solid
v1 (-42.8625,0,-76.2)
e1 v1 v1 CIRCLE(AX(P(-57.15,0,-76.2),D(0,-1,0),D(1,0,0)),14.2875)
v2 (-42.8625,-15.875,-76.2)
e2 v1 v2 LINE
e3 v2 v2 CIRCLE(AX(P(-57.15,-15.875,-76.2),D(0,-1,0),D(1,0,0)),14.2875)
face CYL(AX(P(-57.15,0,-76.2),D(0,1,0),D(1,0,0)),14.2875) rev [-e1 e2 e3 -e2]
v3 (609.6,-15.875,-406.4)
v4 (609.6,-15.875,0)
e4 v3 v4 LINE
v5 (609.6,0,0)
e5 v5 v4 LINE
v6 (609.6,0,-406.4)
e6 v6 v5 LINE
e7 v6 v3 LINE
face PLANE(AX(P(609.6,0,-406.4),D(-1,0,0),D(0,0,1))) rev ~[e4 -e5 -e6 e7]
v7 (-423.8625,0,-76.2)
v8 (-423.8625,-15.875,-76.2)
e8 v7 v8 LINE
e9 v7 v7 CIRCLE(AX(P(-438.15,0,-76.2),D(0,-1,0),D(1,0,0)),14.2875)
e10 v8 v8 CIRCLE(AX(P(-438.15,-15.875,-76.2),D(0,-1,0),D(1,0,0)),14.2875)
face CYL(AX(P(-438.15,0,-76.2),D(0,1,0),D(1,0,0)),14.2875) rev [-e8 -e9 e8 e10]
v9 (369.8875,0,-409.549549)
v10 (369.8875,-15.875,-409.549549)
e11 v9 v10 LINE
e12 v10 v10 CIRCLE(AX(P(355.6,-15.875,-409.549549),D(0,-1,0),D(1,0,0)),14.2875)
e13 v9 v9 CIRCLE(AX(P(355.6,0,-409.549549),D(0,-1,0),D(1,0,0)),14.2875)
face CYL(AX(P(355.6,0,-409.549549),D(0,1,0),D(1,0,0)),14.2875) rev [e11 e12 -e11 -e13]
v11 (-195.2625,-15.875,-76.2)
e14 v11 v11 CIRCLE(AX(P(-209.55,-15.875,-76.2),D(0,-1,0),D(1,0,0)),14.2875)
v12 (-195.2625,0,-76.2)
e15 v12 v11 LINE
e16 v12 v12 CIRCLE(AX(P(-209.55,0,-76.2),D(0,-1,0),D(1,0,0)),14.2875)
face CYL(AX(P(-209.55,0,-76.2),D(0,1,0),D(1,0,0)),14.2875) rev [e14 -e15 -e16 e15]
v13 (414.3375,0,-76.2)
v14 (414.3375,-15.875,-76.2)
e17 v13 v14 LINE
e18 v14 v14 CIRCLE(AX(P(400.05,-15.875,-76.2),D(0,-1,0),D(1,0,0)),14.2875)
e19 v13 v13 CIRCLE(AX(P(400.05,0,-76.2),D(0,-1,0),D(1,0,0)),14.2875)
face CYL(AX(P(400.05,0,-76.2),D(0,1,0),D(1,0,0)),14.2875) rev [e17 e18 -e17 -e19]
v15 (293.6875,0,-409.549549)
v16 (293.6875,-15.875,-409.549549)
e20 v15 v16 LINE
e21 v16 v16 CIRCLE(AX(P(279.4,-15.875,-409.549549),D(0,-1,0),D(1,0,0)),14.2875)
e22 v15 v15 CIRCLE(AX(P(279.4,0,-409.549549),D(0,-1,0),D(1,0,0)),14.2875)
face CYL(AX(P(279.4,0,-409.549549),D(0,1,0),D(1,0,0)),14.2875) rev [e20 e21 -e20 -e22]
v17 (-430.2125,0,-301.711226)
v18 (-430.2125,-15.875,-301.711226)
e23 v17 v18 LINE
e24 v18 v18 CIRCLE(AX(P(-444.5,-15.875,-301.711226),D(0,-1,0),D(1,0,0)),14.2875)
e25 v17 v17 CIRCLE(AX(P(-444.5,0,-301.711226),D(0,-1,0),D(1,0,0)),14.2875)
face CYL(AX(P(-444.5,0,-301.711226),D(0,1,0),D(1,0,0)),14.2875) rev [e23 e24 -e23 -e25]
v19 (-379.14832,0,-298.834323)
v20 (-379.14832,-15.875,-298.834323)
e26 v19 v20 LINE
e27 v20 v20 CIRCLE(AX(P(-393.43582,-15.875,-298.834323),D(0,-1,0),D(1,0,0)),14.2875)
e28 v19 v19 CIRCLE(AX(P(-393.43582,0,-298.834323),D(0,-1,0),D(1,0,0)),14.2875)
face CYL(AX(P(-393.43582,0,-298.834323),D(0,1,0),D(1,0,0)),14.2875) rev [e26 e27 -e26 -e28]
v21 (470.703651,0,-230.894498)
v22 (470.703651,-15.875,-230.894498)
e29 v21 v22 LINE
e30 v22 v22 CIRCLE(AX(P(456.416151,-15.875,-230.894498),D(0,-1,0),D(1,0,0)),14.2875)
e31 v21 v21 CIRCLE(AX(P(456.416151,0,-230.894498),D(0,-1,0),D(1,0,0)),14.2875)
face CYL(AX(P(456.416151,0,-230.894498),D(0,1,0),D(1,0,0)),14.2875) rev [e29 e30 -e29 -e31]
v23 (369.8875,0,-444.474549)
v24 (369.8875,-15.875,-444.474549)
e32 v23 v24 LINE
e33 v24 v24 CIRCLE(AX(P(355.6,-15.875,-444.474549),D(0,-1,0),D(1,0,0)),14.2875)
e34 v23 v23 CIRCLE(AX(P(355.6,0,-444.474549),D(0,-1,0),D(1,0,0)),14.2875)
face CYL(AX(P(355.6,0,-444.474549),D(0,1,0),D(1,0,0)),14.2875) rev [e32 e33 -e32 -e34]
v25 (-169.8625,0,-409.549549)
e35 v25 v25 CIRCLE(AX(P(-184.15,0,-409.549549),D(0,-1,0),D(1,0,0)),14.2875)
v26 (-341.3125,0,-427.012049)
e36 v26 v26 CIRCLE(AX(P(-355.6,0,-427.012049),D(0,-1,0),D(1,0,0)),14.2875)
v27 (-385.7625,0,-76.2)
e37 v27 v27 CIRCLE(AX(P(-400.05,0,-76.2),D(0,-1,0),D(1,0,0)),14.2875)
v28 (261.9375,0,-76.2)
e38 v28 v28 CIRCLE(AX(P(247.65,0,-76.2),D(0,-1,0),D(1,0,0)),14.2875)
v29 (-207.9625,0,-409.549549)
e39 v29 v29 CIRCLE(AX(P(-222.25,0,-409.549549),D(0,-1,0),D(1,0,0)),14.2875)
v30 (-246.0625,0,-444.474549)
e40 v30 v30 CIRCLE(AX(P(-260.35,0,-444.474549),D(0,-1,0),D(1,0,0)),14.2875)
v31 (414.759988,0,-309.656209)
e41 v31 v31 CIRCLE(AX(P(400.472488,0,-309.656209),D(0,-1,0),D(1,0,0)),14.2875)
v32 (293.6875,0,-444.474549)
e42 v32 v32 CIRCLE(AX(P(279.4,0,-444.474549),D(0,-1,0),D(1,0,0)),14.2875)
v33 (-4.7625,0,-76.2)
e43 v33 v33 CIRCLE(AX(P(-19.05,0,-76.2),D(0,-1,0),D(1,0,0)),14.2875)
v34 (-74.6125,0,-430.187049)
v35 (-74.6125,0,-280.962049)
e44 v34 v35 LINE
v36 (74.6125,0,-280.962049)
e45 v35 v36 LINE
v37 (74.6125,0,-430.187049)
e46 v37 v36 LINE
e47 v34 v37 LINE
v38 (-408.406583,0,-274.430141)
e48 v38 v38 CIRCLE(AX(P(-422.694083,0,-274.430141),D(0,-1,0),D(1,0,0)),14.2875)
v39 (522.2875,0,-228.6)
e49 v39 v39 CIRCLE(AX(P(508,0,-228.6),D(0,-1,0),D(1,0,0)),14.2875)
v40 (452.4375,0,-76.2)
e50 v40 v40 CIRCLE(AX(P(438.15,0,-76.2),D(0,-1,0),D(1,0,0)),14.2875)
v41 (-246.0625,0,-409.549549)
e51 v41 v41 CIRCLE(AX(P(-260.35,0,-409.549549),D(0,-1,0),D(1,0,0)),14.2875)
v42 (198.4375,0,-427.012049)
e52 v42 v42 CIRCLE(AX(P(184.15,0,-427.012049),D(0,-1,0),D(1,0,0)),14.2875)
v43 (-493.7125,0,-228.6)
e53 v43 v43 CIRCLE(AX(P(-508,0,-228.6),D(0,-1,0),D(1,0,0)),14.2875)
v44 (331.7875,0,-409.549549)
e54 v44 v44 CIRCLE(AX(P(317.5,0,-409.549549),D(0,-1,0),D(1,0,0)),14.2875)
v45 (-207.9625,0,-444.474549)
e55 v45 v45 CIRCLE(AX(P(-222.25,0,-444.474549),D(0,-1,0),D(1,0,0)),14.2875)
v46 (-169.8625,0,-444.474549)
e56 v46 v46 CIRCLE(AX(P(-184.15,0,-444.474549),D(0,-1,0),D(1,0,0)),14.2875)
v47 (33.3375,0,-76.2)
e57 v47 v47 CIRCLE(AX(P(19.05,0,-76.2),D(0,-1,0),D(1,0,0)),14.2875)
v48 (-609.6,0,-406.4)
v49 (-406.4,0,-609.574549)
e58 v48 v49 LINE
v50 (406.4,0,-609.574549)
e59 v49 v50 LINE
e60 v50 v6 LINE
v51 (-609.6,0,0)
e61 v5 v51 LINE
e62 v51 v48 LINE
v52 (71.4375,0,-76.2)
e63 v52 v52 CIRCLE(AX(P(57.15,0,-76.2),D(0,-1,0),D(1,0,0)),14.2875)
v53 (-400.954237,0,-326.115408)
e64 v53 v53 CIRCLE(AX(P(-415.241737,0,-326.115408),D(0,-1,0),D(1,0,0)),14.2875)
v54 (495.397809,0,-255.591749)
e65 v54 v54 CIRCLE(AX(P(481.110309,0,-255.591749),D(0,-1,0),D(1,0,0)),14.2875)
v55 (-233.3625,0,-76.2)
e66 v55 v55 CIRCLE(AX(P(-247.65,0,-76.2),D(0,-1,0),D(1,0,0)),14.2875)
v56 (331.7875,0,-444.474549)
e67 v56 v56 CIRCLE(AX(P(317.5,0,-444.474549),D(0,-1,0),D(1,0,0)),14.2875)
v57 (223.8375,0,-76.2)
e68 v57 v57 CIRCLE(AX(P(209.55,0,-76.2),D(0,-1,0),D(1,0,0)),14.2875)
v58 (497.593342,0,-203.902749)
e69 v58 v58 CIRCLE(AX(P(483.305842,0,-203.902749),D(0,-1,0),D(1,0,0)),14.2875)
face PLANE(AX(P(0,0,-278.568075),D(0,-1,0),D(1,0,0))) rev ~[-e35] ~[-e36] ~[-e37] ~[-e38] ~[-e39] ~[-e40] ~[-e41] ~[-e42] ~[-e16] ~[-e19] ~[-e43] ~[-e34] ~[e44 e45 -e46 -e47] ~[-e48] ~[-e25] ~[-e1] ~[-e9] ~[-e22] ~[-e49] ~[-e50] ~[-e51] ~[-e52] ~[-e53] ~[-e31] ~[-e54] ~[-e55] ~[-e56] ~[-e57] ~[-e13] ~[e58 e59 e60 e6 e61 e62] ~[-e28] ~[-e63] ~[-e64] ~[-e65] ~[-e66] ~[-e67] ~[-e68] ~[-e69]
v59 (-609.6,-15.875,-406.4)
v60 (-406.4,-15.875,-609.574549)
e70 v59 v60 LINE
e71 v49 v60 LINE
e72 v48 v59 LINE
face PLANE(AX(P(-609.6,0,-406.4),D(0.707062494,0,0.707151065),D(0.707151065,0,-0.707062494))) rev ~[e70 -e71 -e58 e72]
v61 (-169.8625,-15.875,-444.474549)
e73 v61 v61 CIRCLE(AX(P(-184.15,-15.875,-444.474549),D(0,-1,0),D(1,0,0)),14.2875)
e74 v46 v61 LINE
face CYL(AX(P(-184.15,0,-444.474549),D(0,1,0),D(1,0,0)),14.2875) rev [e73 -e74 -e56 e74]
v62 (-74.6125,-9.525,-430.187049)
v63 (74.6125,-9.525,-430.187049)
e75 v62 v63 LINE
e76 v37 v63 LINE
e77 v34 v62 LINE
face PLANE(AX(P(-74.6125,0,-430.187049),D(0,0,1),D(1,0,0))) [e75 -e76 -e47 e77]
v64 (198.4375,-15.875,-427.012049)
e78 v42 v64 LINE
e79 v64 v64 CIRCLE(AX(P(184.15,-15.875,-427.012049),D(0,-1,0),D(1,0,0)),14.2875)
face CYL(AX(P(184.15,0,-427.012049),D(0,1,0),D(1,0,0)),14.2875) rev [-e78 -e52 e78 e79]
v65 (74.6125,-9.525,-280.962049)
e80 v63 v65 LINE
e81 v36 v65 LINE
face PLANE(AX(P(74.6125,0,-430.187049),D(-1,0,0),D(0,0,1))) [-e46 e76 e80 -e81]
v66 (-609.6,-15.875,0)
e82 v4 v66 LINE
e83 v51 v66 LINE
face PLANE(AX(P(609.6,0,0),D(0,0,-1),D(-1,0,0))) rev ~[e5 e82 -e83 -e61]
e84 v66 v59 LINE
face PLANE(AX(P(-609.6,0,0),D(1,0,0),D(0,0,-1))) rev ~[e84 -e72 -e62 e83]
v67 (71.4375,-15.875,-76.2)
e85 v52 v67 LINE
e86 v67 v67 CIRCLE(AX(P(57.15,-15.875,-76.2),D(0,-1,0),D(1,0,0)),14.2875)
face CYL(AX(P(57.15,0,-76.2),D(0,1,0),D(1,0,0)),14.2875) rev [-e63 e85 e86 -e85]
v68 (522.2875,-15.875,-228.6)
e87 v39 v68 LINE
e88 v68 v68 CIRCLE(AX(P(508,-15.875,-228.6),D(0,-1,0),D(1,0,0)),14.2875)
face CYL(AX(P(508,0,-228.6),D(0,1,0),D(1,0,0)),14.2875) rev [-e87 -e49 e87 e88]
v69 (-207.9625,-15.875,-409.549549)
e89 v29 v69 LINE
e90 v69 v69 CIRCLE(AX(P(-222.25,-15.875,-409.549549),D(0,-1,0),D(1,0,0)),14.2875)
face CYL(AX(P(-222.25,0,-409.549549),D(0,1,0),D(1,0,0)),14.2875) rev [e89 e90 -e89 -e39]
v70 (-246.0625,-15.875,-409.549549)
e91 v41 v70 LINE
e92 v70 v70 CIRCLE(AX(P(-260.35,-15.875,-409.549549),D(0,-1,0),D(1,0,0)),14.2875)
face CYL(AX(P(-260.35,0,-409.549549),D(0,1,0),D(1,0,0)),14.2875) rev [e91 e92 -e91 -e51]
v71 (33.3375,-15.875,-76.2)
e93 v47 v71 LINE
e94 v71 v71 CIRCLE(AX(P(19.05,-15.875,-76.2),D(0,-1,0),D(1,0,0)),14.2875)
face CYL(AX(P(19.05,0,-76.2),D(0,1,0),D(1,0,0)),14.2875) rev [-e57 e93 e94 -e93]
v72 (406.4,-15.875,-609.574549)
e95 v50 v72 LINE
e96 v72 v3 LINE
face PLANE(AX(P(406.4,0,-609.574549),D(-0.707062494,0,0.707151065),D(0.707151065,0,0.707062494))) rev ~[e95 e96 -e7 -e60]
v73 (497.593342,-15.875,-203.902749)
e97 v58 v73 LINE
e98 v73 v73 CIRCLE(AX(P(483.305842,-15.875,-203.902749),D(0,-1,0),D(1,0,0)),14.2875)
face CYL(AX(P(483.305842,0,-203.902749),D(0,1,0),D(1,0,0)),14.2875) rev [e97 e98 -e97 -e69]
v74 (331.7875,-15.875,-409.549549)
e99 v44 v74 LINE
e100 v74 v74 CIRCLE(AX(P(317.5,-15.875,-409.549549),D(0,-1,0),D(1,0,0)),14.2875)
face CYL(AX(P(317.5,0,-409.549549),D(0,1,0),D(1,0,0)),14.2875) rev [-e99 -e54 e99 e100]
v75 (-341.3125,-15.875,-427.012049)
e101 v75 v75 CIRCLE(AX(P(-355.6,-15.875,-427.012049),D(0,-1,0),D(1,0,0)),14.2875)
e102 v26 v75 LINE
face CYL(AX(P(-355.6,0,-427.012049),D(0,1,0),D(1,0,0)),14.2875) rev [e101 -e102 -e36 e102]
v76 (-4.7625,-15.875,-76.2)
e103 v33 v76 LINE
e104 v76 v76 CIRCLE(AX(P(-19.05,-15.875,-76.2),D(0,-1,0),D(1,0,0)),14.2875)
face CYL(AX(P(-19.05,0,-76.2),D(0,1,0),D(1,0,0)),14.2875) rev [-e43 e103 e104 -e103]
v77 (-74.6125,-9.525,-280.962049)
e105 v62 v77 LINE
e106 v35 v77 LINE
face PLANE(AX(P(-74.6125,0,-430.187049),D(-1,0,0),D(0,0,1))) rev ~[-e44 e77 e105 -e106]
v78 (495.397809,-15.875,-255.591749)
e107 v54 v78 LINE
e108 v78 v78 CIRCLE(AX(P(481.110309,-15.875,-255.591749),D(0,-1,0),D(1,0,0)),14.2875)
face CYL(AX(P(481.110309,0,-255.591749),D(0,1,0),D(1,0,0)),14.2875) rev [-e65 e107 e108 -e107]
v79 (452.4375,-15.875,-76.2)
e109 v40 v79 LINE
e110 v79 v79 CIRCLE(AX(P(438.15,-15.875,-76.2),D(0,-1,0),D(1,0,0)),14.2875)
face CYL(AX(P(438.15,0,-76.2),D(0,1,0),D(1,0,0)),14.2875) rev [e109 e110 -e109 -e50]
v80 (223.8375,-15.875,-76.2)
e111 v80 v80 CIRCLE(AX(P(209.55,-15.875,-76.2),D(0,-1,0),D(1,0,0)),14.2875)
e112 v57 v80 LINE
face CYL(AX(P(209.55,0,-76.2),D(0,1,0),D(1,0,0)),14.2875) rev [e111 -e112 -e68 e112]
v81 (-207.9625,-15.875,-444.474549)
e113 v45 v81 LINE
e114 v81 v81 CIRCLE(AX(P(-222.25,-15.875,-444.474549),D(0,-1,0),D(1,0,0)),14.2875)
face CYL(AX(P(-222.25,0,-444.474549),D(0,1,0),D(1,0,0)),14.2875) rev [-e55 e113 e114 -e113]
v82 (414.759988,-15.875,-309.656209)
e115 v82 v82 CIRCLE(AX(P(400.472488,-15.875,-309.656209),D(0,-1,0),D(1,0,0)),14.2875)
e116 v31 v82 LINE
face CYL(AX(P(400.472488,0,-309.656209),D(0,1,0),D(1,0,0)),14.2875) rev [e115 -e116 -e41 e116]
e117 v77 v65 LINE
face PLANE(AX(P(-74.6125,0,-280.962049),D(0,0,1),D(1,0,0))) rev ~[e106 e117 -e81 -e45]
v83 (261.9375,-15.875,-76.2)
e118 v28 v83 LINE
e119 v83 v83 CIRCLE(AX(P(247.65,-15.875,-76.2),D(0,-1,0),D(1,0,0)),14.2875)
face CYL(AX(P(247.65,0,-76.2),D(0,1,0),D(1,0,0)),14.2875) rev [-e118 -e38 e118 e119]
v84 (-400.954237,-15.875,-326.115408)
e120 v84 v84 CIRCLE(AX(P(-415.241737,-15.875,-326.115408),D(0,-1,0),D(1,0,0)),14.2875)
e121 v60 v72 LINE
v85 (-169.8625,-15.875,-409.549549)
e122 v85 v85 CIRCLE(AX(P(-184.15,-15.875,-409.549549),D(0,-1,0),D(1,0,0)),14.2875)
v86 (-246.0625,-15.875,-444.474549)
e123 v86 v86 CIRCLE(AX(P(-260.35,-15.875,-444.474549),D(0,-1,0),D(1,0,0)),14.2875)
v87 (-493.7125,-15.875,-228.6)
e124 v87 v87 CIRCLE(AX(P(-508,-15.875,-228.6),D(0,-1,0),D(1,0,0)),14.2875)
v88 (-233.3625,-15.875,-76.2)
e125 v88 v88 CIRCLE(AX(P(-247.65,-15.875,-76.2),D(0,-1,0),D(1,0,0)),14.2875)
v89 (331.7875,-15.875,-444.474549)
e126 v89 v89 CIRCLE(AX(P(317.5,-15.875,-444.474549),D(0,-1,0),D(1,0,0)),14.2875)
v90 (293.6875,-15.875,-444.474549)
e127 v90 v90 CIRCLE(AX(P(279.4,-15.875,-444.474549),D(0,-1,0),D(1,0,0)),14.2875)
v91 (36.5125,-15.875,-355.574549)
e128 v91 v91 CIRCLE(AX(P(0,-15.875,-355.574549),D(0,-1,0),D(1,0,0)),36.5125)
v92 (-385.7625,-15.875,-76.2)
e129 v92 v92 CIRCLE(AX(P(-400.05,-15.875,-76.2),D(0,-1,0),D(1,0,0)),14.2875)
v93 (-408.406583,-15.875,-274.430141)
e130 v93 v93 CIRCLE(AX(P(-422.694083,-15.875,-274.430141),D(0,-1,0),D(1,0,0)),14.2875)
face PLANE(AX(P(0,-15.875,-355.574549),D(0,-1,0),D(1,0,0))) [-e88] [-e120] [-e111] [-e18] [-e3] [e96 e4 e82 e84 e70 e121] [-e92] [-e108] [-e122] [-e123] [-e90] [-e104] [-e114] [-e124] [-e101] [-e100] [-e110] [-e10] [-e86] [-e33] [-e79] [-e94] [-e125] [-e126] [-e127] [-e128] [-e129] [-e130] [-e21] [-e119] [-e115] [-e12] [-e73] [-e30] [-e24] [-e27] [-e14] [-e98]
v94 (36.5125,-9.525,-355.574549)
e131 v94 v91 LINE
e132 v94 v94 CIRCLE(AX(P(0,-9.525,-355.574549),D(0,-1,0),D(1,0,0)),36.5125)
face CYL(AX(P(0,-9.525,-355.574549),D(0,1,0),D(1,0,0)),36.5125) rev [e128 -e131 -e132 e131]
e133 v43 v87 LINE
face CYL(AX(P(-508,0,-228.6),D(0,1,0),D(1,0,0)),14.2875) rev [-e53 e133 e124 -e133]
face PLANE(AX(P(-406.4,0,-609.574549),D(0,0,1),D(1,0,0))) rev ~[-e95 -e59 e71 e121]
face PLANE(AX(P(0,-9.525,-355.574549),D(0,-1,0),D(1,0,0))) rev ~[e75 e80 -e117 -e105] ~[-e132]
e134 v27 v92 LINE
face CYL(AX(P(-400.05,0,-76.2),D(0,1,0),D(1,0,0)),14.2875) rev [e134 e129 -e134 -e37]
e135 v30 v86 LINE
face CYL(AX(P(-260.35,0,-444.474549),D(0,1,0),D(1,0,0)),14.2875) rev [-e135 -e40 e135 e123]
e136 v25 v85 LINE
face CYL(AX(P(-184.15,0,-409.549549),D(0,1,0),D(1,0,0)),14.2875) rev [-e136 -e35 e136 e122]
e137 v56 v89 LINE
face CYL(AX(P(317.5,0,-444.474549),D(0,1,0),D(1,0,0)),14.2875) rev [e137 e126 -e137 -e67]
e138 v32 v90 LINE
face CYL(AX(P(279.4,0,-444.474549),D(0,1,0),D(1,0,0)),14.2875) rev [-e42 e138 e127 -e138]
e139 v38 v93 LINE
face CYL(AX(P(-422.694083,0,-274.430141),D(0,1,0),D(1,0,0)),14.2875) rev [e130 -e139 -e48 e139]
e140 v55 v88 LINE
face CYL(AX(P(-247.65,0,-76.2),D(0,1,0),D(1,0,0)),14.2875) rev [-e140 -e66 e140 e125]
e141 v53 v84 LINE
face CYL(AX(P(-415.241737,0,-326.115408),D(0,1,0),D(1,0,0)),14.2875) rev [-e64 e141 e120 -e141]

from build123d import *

# Parameters (mm, degrees)
F0_R     = 14.2875
F0_W     = 149.225
F0_H     = 149.225
F1_DEPTH = 15.875
F2_START = 9.525
F0_R_2   = 36.5125
F2_DEPTH = 6.35


with BuildPart() as f1:
    # F0 (on Front) → F1 (new body)
    with BuildSketch(Plane.XZ):
        Polygon((609.6, 0), (-609.6, 0), (-609.6, -406.4), (-406.4, -609.5745491936), (406.4, -609.5745491936), (609.6, -406.4), align=None)
        with Locations((-355.6, -427.0120491936)):
            Circle(F0_R, mode=Mode.SUBTRACT)
        with Locations((-415.2417373546, -326.1154076089)):
            Circle(F0_R, mode=Mode.SUBTRACT)
        with Locations((-260.35, -444.4745491936)):
            Circle(F0_R, mode=Mode.SUBTRACT)
        with Locations((-222.25, -444.4745491936)):
            Circle(F0_R, mode=Mode.SUBTRACT)
        with Locations((-184.15, -444.4745491936)):
            Circle(F0_R, mode=Mode.SUBTRACT)
        with Locations((-260.35, -409.5495491936)):
            Circle(F0_R, mode=Mode.SUBTRACT)
        with Locations((-222.25, -409.5495491936)):
            Circle(F0_R, mode=Mode.SUBTRACT)
        with Locations((-184.15, -409.5495491936)):
            Circle(F0_R, mode=Mode.SUBTRACT)
        with Locations((184.15, -427.0120491936)):
            Circle(F0_R, mode=Mode.SUBTRACT)
        with Locations((279.4, -444.4745491936)):
            Circle(F0_R, mode=Mode.SUBTRACT)
        with Locations((279.4, -409.5495491936)):
            Circle(F0_R, mode=Mode.SUBTRACT)
        with Locations((0, -355.5745491936)):
            Rectangle(F0_W, F0_H, mode=Mode.SUBTRACT)
        with Locations((317.5, -444.4745491936)):
            Circle(F0_R, mode=Mode.SUBTRACT)
        with Locations((355.6, -444.4745491936)):
            Circle(F0_R, mode=Mode.SUBTRACT)
        with Locations((317.5, -409.5495491936)):
            Circle(F0_R, mode=Mode.SUBTRACT)
        with Locations((355.6, -409.5495491936)):
            Circle(F0_R, mode=Mode.SUBTRACT)
        with Locations((400.4724875181, -309.6562085607)):
            Circle(F0_R, mode=Mode.SUBTRACT)
        with Locations((-508, -228.6)):
            Circle(F0_R, mode=Mode.SUBTRACT)
        with Locations((-444.5, -301.7112262669)):
            Circle(F0_R, mode=Mode.SUBTRACT)
        with Locations((-393.4358199474, -298.8343227509)):
            Circle(F0_R, mode=Mode.SUBTRACT)
        with Locations((-422.6940825928, -274.4301414089)):
            Circle(F0_R, mode=Mode.SUBTRACT)
        with Locations((-438.15, -76.2)):
            Circle(F0_R, mode=Mode.SUBTRACT)
        with Locations((-400.05, -76.2)):
            Circle(F0_R, mode=Mode.SUBTRACT)
        with Locations((-247.65, -76.2)):
            Circle(F0_R, mode=Mode.SUBTRACT)
        with Locations((-209.55, -76.2)):
            Circle(F0_R, mode=Mode.SUBTRACT)
        with Locations((-57.15, -76.2)):
            Circle(F0_R, mode=Mode.SUBTRACT)
        with Locations((-19.05, -76.2)):
            Circle(F0_R, mode=Mode.SUBTRACT)
        with Locations((456.4161513597, -230.8944980995)):
            Circle(F0_R, mode=Mode.SUBTRACT)
        with Locations((481.1103089784, -255.5917490498)):
            Circle(F0_R, mode=Mode.SUBTRACT)
        with Locations((508, -228.6)):
            Circle(F0_R, mode=Mode.SUBTRACT)
        with Locations((483.3058423812, -203.9027490498)):
            Circle(F0_R, mode=Mode.SUBTRACT)
        with Locations((19.05, -76.2)):
            Circle(F0_R, mode=Mode.SUBTRACT)
        with Locations((57.15, -76.2)):
            Circle(F0_R, mode=Mode.SUBTRACT)
        with Locations((209.55, -76.2)):
            Circle(F0_R, mode=Mode.SUBTRACT)
        with Locations((247.65, -76.2)):
            Circle(F0_R, mode=Mode.SUBTRACT)
        with Locations((400.05, -76.2)):
            Circle(F0_R, mode=Mode.SUBTRACT)
        with Locations((438.15, -76.2)):
            Circle(F0_R, mode=Mode.SUBTRACT)
    extrude(amount=F1_DEPTH)

    # F0 (on Front) → F2 (join)
    with BuildSketch(Plane.XZ.offset(F2_START)):
        with Locations((0, -355.5745491936)):
            Rectangle(F0_W, F0_H)
        with Locations((0, -355.5745491936)):
            Circle(F0_R_2, mode=Mode.SUBTRACT)
    extrude(amount=F2_DEPTH)


solid = f1.part
